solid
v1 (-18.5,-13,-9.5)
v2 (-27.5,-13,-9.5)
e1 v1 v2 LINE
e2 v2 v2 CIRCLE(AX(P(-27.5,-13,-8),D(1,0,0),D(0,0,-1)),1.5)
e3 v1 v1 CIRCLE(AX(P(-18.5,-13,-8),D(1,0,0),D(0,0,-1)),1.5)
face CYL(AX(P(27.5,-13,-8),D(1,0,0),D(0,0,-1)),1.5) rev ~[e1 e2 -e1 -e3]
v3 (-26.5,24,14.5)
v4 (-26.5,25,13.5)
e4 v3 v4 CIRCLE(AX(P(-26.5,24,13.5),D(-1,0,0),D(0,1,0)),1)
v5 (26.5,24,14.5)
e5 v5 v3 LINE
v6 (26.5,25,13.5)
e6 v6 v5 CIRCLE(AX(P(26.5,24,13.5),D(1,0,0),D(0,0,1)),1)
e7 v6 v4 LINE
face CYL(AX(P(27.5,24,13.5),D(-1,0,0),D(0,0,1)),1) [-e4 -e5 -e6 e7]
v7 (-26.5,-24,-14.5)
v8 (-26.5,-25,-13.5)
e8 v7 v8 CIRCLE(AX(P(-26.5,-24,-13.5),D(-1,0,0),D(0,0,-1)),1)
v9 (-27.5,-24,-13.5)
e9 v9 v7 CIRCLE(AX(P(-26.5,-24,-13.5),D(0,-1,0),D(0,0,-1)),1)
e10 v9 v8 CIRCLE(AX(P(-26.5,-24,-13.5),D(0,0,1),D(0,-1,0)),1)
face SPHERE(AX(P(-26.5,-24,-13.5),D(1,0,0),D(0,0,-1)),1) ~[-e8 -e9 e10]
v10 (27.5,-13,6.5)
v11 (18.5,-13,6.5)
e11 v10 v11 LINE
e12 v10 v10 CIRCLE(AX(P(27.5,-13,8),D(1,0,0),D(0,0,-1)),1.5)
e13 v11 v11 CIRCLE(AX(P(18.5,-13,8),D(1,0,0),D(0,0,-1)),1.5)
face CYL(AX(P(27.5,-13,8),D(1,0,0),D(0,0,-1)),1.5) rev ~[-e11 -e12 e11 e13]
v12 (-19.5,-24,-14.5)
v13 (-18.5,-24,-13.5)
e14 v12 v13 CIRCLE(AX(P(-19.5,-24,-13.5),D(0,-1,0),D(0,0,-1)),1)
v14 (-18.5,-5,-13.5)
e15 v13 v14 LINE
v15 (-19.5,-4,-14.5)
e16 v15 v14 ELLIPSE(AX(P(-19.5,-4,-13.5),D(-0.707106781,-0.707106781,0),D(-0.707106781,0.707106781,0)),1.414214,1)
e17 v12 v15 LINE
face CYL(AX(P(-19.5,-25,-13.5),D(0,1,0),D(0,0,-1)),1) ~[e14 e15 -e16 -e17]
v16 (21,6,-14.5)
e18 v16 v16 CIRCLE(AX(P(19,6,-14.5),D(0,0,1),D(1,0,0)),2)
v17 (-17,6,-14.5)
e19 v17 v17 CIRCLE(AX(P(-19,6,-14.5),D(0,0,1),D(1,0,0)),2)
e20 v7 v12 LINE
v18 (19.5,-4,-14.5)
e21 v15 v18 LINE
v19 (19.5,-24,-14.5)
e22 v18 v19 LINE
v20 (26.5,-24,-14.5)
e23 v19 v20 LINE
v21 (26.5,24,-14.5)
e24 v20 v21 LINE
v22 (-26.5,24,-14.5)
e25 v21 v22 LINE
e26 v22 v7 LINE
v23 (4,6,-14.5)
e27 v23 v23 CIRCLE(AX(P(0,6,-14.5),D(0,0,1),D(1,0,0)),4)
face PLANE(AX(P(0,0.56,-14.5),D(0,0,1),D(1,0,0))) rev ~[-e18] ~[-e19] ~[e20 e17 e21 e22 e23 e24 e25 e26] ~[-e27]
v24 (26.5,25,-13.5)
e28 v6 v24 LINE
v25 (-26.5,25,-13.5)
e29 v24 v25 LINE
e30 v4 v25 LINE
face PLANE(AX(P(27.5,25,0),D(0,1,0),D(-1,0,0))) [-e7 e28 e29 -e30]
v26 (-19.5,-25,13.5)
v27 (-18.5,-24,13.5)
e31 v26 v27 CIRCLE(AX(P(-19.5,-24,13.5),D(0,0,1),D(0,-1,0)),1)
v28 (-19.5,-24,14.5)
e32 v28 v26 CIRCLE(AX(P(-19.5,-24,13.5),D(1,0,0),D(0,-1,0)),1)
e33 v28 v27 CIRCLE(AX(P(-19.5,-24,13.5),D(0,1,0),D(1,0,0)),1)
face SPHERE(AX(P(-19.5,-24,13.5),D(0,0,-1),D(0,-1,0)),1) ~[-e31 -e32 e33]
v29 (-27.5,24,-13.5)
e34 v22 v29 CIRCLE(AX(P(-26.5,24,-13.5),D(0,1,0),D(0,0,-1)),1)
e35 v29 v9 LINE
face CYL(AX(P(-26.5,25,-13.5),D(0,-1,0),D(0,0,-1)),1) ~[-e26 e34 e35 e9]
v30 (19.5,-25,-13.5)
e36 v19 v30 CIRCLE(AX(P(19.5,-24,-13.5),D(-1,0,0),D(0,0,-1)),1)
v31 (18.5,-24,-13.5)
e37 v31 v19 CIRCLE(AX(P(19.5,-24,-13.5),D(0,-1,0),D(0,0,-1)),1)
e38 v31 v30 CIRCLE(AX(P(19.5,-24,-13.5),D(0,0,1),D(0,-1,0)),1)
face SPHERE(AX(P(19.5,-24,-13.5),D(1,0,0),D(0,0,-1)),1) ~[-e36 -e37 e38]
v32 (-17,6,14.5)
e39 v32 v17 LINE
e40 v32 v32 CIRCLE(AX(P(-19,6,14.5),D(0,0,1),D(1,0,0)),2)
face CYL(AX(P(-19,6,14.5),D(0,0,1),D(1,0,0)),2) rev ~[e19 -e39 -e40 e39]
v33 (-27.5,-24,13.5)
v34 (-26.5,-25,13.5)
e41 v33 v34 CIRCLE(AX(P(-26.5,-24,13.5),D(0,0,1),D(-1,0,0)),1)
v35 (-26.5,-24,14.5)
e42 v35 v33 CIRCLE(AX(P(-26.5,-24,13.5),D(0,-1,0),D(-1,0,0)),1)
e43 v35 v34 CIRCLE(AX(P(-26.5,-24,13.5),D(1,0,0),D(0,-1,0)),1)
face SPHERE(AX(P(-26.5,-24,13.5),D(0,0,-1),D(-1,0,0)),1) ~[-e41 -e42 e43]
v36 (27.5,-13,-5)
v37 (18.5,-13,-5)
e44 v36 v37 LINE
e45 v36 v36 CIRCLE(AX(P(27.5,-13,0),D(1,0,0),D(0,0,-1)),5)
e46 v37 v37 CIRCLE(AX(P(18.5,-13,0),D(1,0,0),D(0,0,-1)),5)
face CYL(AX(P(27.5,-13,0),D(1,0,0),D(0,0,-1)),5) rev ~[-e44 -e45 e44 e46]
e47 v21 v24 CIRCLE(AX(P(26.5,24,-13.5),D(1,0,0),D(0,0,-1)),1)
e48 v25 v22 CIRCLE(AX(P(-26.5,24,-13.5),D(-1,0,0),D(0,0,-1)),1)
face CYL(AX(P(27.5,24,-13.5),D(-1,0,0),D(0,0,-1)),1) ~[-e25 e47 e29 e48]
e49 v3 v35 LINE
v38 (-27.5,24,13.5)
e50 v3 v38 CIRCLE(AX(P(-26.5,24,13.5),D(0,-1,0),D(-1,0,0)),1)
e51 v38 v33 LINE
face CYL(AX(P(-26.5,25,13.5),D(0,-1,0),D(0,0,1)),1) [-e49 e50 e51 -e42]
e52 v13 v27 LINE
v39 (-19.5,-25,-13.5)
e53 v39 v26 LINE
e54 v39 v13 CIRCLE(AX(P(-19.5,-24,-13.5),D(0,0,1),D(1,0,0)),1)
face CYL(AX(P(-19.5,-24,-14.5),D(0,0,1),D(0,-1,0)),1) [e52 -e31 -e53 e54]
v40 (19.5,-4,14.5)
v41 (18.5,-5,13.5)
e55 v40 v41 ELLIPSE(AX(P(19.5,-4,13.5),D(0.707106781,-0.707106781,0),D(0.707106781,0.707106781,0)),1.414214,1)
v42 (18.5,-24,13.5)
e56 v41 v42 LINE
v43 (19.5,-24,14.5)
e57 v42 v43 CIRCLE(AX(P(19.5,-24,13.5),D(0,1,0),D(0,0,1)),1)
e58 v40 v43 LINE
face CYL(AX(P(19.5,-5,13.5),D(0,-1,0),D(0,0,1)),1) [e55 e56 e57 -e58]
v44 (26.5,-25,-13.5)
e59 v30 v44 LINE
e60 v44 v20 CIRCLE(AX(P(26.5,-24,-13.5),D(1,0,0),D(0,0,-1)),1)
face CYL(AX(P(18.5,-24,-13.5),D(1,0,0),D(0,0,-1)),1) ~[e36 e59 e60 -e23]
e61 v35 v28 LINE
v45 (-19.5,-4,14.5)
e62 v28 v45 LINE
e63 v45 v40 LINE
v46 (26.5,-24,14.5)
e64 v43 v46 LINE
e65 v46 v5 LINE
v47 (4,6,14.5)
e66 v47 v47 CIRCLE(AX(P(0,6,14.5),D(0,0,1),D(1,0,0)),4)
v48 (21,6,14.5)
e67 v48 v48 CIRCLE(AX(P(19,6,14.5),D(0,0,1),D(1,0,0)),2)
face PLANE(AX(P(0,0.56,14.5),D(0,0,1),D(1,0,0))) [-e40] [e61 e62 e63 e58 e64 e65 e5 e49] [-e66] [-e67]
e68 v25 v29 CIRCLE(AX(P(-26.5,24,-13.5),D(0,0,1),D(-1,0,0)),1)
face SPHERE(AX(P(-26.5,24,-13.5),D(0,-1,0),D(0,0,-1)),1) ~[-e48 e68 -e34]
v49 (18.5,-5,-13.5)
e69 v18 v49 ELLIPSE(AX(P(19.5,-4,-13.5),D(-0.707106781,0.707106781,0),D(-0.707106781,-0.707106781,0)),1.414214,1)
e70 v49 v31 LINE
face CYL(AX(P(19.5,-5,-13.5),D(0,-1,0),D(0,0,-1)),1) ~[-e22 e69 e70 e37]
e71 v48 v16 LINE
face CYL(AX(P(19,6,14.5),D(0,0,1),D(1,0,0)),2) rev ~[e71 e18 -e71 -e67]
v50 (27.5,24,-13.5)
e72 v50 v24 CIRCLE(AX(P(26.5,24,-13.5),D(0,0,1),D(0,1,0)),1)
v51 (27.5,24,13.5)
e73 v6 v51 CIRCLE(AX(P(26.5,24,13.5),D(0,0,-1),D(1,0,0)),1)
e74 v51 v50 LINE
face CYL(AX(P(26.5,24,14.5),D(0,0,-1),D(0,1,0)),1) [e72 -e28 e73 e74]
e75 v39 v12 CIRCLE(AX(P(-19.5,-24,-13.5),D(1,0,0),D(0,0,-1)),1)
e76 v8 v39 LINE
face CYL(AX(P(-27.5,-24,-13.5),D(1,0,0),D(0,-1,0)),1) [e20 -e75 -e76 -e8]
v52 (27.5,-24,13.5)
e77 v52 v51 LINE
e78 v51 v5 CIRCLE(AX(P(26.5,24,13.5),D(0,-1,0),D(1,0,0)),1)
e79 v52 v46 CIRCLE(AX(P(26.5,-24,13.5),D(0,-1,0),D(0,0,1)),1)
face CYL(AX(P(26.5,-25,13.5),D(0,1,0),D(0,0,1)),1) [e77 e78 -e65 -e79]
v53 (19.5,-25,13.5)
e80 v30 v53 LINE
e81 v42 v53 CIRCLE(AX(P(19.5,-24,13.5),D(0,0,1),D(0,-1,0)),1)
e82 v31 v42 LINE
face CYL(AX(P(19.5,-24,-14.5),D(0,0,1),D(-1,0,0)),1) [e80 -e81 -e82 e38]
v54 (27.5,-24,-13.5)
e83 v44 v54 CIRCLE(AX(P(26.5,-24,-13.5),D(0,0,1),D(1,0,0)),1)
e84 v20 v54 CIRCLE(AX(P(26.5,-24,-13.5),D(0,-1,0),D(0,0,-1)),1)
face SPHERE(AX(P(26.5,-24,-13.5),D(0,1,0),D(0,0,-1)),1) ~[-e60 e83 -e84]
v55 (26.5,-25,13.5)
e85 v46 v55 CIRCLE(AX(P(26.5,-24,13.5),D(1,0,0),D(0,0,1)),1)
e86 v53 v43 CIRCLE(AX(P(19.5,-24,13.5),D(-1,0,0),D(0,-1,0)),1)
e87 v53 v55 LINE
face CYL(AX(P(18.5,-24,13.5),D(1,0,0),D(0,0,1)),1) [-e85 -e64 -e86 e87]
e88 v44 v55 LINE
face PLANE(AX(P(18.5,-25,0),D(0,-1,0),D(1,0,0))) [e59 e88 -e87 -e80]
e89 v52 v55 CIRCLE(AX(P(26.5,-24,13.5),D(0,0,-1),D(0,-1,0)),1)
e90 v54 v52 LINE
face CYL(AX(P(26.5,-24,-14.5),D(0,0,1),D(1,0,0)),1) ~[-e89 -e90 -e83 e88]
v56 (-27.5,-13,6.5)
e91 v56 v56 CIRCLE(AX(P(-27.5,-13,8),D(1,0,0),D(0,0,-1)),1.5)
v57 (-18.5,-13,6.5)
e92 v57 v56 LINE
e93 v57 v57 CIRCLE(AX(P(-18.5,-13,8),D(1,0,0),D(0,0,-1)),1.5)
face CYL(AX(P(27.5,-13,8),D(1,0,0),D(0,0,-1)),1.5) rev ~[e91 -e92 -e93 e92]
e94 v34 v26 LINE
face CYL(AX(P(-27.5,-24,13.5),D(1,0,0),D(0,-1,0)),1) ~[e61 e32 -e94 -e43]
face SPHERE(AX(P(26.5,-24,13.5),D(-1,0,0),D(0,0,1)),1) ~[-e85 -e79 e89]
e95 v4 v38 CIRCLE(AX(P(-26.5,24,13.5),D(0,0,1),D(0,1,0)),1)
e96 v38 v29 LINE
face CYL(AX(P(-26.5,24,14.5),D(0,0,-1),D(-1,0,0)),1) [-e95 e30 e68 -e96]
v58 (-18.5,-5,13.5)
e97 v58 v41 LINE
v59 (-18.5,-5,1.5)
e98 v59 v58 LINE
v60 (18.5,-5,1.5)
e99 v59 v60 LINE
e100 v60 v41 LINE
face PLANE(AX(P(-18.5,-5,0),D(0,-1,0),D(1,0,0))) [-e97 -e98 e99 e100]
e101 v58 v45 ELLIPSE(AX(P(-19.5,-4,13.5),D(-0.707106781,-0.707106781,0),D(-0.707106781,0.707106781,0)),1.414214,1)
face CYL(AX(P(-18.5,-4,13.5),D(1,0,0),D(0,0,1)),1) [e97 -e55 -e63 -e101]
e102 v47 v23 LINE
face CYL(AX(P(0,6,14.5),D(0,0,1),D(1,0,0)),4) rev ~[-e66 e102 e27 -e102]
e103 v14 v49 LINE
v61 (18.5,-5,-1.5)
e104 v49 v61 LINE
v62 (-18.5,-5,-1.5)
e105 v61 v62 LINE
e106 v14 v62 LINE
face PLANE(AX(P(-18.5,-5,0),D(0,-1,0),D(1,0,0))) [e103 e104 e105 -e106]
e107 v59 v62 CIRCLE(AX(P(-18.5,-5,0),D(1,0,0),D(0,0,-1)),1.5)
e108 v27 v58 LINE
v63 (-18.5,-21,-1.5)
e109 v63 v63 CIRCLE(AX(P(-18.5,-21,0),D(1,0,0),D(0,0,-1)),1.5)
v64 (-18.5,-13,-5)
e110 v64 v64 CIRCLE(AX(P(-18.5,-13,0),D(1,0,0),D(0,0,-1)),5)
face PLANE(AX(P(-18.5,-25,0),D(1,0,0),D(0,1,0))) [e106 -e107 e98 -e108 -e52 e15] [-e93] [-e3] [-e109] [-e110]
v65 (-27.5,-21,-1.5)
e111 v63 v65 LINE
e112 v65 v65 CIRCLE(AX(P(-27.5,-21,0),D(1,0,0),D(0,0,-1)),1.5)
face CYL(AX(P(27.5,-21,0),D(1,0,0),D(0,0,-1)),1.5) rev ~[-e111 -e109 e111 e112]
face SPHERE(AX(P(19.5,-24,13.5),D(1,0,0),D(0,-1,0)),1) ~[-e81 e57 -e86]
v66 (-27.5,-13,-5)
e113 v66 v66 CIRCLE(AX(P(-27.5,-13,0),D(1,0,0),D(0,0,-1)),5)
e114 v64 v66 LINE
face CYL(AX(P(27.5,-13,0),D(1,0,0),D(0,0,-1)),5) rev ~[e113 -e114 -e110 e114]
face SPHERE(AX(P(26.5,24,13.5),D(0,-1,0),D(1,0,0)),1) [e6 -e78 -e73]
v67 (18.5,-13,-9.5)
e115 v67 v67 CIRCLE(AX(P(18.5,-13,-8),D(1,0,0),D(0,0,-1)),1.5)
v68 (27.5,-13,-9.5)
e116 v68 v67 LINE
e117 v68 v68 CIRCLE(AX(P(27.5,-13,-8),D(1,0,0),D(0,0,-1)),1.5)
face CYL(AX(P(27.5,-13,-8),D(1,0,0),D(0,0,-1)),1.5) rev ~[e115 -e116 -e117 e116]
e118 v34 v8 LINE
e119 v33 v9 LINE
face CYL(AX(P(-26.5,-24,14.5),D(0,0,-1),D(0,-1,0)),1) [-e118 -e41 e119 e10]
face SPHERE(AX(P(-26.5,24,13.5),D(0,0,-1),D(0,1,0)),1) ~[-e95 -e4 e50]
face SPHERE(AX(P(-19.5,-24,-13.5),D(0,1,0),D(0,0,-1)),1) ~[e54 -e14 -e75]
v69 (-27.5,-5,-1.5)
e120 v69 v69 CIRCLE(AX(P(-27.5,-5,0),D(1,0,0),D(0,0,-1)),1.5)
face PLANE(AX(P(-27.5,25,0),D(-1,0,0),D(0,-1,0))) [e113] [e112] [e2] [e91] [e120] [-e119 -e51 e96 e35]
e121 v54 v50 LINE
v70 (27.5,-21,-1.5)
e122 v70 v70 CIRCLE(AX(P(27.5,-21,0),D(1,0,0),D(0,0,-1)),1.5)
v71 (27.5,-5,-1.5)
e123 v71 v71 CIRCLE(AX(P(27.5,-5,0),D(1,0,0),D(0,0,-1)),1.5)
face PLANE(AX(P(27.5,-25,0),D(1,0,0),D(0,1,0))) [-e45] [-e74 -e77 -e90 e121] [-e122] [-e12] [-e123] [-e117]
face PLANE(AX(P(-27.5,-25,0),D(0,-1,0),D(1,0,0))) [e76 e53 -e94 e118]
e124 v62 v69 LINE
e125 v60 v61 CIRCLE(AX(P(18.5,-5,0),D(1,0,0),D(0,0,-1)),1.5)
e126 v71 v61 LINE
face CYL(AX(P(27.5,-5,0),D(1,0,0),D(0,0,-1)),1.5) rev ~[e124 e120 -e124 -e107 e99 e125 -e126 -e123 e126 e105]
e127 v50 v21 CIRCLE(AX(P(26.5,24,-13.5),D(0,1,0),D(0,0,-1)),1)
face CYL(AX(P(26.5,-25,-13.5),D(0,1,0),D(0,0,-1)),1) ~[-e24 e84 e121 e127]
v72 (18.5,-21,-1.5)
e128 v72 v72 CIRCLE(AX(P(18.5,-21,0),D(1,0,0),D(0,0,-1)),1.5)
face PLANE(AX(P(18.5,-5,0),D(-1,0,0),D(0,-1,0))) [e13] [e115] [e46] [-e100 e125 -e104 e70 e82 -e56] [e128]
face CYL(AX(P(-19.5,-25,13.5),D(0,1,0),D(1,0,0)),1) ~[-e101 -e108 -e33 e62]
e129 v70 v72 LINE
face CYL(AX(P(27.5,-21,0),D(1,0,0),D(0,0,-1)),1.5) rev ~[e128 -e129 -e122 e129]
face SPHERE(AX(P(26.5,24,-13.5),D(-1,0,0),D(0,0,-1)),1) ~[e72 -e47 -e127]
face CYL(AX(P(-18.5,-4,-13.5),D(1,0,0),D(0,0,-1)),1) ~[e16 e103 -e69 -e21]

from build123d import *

# Parameters (mm, degrees)
BOSS_EXTRUDE1_DEPTH = 14.5
SKETCH2_R           = 5
SKETCH2_R_2         = 1.5
CUT_EXTRUDE1_DEPTH  = 63.130910182
SKETCH3_R           = 4
SKETCH3_R_2         = 2
CUT_EXTRUDE2_DEPTH  = 48.140746706
FILLET1_R           = 1


with BuildPart() as part:
    # Sketch1 → Boss-Extrude1 (new, symmetric)
    with BuildSketch(Plane.XY):
        Polygon((-27.5, -25), (-18.5, -25), (-18.5, -5), (18.5, -5), (18.5, -25), (27.5, -25), (27.5, 25), (-27.5, 25), align=None)
    extrude(amount=BOSS_EXTRUDE1_DEPTH, both=True)

    # Sketch2 → Cut-Extrude1 (cut, through all)
    with BuildSketch(Plane(origin=(27.5, 0, 0), x_dir=(0, 0, -1), z_dir=(1, 0, 0))):
        with Locations((0, -13)):
            Circle(SKETCH2_R)
        with Locations((0, -21)):
            Circle(SKETCH2_R_2)
        with Locations((-8, -13)):
            Circle(SKETCH2_R_2)
        with Locations((0, -5)):
            Circle(SKETCH2_R_2)
        with Locations((8, -13)):
            Circle(SKETCH2_R_2)
    extrude(amount=-CUT_EXTRUDE1_DEPTH, mode=Mode.SUBTRACT)

    # Sketch3 → Cut-Extrude2 (cut, through all)
    with BuildSketch(Plane.XY.offset(14.5)):
        with Locations((0, 6)):
            Circle(SKETCH3_R)
        with Locations((-19, 6)):
            Circle(SKETCH3_R_2)
        with Locations((19, 6)):
            Circle(SKETCH3_R_2)
    extrude(amount=-CUT_EXTRUDE2_DEPTH, mode=Mode.SUBTRACT)

    # Fillet1
    fillet1_edges = [part.edges().sort_by_distance(p)[0] for p in [
        (-18.5, -15, -14.5),
        (-23, -25, -14.5),
        (23, -25, 14.5),
        (-27.5, 0, -14.5),
        (0, 25, -14.5),
        (27.5, 0, -14.5),
        (23, -25, -14.5),
        (18.5, -15, -14.5),
        (27.5, 0, 14.5),
        (-18.5, -25, 0),
        (-27.5, -25, 0),
        (-27.5, 25, 0),
        (27.5, 25, 0),
        (27.5, -25, 0),
        (18.5, -25, 0),
        (0, 25, 14.5),
        (-27.5, 0, 14.5),
        (-23, -25, 14.5),
        (-18.5, -15, 14.5),
        (0, -5, 14.5),
        (18.5, -15, 14.5),
        (0, -5, -14.5),
    ]]
    fillet(fillet1_edges, radius=FILLET1_R)


solid = part.part
